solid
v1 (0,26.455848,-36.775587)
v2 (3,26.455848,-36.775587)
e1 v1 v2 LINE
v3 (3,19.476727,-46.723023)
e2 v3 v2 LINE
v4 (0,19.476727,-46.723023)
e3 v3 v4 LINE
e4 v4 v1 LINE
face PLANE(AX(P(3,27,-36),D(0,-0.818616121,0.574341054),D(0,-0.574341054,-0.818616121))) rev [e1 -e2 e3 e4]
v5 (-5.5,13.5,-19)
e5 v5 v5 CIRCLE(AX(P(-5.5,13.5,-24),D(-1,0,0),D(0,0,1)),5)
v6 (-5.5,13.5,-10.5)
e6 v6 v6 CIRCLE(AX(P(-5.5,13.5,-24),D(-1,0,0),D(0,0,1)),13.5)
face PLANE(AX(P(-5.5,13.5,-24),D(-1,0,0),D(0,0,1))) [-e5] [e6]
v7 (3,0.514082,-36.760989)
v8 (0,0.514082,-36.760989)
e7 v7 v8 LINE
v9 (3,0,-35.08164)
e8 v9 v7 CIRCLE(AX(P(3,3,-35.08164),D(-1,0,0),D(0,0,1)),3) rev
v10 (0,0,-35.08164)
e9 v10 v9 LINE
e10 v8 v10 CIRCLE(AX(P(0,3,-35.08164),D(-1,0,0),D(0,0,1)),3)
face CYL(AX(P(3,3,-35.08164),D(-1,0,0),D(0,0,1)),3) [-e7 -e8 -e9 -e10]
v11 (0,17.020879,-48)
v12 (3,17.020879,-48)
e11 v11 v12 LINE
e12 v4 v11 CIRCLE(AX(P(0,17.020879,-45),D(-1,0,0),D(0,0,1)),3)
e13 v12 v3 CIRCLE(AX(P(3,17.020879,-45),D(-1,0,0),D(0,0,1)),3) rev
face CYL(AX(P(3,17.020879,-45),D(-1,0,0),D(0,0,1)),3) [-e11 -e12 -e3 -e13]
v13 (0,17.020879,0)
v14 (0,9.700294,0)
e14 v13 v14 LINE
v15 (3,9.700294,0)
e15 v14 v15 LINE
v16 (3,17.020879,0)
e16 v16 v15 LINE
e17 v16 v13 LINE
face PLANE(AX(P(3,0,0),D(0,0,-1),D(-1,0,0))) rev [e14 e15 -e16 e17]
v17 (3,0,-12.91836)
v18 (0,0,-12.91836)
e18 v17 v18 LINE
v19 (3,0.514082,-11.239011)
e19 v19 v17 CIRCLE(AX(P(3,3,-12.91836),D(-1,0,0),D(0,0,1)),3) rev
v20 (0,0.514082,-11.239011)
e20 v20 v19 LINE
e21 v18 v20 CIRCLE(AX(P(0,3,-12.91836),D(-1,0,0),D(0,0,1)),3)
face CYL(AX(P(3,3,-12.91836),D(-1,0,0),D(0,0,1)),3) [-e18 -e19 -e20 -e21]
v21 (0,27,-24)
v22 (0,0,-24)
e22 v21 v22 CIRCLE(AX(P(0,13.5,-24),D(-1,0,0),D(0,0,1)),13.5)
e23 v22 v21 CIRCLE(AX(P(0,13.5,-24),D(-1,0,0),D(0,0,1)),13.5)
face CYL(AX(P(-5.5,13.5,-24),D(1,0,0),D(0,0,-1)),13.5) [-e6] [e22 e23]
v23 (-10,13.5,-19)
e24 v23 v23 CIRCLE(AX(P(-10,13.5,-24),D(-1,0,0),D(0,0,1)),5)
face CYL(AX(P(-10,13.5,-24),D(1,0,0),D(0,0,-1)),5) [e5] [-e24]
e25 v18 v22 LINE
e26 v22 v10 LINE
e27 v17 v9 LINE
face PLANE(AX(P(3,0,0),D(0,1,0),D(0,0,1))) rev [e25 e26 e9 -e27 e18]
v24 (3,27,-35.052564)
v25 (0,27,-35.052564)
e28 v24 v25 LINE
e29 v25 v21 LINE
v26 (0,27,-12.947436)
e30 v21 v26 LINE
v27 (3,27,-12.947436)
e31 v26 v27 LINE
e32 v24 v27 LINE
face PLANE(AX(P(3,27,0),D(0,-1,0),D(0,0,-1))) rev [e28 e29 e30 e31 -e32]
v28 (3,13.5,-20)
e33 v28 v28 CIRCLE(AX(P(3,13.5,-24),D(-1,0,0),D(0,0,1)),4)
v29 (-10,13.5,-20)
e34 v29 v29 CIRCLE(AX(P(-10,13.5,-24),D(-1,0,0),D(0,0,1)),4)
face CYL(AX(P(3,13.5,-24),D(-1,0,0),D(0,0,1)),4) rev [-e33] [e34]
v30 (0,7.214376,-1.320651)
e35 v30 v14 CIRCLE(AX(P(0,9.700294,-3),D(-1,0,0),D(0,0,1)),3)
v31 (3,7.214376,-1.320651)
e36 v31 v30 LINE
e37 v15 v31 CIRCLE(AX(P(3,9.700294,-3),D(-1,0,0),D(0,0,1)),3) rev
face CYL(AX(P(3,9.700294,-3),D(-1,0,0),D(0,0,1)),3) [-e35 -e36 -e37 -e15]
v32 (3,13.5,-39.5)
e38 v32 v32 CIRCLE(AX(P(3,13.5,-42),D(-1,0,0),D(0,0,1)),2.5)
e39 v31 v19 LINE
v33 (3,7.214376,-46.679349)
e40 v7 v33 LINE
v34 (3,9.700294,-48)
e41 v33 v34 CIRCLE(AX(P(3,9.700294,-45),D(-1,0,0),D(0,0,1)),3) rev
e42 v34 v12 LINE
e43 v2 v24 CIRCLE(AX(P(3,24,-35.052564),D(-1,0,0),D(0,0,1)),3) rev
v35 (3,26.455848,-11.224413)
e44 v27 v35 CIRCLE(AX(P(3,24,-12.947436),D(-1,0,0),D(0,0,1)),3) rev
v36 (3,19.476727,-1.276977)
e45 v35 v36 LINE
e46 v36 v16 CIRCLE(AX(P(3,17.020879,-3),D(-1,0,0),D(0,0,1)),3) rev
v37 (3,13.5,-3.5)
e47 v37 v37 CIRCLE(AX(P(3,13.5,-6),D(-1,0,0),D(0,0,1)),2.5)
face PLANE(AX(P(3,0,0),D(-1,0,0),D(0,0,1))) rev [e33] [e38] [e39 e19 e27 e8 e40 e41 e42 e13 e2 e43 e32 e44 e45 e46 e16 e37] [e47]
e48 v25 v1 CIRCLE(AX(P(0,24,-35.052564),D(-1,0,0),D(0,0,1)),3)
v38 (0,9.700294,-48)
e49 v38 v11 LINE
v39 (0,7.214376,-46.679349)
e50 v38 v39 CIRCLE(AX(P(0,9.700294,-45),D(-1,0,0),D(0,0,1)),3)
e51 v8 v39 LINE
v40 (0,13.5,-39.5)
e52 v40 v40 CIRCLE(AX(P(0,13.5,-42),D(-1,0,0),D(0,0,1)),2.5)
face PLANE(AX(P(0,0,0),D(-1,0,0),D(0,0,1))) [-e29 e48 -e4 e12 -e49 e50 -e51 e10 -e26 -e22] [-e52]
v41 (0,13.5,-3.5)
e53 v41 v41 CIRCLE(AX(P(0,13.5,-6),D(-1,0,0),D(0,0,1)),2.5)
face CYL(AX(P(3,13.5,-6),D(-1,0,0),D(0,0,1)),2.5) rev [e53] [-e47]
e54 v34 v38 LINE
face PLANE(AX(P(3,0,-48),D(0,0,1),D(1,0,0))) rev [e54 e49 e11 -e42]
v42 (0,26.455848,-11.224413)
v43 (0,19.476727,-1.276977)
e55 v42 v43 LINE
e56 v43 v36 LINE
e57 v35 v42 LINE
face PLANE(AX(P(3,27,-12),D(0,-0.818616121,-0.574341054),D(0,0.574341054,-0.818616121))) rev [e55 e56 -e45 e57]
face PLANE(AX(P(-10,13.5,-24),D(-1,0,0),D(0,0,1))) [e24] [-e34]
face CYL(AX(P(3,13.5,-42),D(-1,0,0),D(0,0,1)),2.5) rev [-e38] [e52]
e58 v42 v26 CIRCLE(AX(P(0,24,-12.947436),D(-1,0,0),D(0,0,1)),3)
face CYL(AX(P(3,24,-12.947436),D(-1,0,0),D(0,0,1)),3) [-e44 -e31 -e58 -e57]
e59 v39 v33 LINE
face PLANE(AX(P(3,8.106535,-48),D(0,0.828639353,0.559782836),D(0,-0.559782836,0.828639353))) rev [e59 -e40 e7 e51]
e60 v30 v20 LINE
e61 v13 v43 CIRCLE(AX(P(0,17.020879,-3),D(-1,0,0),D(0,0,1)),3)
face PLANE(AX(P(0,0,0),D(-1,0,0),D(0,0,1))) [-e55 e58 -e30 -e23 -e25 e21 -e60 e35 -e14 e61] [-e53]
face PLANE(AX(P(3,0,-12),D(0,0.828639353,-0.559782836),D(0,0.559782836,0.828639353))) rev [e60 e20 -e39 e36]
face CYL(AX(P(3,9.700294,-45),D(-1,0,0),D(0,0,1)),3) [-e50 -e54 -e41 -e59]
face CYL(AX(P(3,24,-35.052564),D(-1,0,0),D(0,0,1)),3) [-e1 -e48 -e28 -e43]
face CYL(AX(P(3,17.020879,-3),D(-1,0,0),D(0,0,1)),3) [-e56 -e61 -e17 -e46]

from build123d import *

# Parameters (mm, degrees)
SKETCH_1_W          = 48
SKETCH_1_H          = 27
EXTRUDE_1_DEPTH     = 3
SKETCH_5_R          = 13.5
EXTRUDE_2_DEPTH     = 5.5
SKETCH_6_R          = 5
EXTRUDE_3_DEPTH     = 4.5
SKETCH_7_R          = 4
CUT_EXTRUDE_1_DEPTH = 57.586217403
SKETCH_8_R          = 2.5
CUT_EXTRUDE_2_DEPTH = 56.973207877
CUT_EXTRUDE_3_DEPTH = 56.973207877
FILLET_1_R          = 3


with BuildPart() as part:
    # 草图1 → 凸台-拉伸1 (new body)
    with BuildSketch(Plane(origin=(0, 0, 0), x_dir=(0, 0, -1), z_dir=(1, 0, 0))):
        with Locations((24, 13.5)):
            Rectangle(SKETCH_1_W, SKETCH_1_H)
    extrude(amount=EXTRUDE_1_DEPTH)

    # 草图5 → 凸台-拉伸2 (add)
    with BuildSketch(Plane.ZY):
        with Locations(Location((-24, 13.5, 0), (0, 0, 270))):
            Circle(SKETCH_5_R)
    extrude(amount=EXTRUDE_2_DEPTH)

    # 草图6 → 凸台-拉伸3 (add)
    with BuildSketch(Plane.ZY.offset(5.5)):
        with Locations((-24, 13.5)):
            Circle(SKETCH_6_R)
    extrude(amount=EXTRUDE_3_DEPTH)

    # 草图7 → 切除-拉伸1 (cut, through all)
    with BuildSketch(Plane.ZY.offset(10)):
        with Locations((-24, 13.5)):
            Circle(SKETCH_7_R)
    extrude(amount=-CUT_EXTRUDE_1_DEPTH, mode=Mode.SUBTRACT)

    # 草图8 → 切除-拉伸2 (cut, through all)
    with BuildSketch(Plane.ZY):
        with Locations((-42, 13.5)):
            Circle(SKETCH_8_R)
        with Locations((-6, 13.5)):
            Circle(SKETCH_8_R)
    extrude(amount=-CUT_EXTRUDE_2_DEPTH, mode=Mode.SUBTRACT)

    # 草图9 → 切除-拉伸3 (cut, through all)
    with BuildSketch(Plane.ZY):
        Polygon((-36, 27), (-48, 18.580800232), (-48, 27), align=None)
        Polygon((-12, 27), (0, 18.580800232), (0, 27), align=None)
        Polygon((0, 0), (-12, 0), (0, 8.106535138), align=None)
        Polygon((-48, 0), (-48, 8.106535138), (-36, 0), align=None)
    extrude(amount=-CUT_EXTRUDE_3_DEPTH, mode=Mode.SUBTRACT)

    # 圆角1
    fillet_1_edges = [part.edges().sort_by_distance(p)[0] for p in [
        (1.5, 27, -36),
        (1.5, 18.580800232, -48),
        (1.5, 27, -12),
        (1.5, 18.580800232, 0),
        (1.5, 8.106535138, 0),
        (1.5, 0, -12),
        (1.5, 0, -36),
        (1.5, 8.106535138, -48),
    ]]
    fillet(fillet_1_edges, radius=FILLET_1_R)


solid = part.part
